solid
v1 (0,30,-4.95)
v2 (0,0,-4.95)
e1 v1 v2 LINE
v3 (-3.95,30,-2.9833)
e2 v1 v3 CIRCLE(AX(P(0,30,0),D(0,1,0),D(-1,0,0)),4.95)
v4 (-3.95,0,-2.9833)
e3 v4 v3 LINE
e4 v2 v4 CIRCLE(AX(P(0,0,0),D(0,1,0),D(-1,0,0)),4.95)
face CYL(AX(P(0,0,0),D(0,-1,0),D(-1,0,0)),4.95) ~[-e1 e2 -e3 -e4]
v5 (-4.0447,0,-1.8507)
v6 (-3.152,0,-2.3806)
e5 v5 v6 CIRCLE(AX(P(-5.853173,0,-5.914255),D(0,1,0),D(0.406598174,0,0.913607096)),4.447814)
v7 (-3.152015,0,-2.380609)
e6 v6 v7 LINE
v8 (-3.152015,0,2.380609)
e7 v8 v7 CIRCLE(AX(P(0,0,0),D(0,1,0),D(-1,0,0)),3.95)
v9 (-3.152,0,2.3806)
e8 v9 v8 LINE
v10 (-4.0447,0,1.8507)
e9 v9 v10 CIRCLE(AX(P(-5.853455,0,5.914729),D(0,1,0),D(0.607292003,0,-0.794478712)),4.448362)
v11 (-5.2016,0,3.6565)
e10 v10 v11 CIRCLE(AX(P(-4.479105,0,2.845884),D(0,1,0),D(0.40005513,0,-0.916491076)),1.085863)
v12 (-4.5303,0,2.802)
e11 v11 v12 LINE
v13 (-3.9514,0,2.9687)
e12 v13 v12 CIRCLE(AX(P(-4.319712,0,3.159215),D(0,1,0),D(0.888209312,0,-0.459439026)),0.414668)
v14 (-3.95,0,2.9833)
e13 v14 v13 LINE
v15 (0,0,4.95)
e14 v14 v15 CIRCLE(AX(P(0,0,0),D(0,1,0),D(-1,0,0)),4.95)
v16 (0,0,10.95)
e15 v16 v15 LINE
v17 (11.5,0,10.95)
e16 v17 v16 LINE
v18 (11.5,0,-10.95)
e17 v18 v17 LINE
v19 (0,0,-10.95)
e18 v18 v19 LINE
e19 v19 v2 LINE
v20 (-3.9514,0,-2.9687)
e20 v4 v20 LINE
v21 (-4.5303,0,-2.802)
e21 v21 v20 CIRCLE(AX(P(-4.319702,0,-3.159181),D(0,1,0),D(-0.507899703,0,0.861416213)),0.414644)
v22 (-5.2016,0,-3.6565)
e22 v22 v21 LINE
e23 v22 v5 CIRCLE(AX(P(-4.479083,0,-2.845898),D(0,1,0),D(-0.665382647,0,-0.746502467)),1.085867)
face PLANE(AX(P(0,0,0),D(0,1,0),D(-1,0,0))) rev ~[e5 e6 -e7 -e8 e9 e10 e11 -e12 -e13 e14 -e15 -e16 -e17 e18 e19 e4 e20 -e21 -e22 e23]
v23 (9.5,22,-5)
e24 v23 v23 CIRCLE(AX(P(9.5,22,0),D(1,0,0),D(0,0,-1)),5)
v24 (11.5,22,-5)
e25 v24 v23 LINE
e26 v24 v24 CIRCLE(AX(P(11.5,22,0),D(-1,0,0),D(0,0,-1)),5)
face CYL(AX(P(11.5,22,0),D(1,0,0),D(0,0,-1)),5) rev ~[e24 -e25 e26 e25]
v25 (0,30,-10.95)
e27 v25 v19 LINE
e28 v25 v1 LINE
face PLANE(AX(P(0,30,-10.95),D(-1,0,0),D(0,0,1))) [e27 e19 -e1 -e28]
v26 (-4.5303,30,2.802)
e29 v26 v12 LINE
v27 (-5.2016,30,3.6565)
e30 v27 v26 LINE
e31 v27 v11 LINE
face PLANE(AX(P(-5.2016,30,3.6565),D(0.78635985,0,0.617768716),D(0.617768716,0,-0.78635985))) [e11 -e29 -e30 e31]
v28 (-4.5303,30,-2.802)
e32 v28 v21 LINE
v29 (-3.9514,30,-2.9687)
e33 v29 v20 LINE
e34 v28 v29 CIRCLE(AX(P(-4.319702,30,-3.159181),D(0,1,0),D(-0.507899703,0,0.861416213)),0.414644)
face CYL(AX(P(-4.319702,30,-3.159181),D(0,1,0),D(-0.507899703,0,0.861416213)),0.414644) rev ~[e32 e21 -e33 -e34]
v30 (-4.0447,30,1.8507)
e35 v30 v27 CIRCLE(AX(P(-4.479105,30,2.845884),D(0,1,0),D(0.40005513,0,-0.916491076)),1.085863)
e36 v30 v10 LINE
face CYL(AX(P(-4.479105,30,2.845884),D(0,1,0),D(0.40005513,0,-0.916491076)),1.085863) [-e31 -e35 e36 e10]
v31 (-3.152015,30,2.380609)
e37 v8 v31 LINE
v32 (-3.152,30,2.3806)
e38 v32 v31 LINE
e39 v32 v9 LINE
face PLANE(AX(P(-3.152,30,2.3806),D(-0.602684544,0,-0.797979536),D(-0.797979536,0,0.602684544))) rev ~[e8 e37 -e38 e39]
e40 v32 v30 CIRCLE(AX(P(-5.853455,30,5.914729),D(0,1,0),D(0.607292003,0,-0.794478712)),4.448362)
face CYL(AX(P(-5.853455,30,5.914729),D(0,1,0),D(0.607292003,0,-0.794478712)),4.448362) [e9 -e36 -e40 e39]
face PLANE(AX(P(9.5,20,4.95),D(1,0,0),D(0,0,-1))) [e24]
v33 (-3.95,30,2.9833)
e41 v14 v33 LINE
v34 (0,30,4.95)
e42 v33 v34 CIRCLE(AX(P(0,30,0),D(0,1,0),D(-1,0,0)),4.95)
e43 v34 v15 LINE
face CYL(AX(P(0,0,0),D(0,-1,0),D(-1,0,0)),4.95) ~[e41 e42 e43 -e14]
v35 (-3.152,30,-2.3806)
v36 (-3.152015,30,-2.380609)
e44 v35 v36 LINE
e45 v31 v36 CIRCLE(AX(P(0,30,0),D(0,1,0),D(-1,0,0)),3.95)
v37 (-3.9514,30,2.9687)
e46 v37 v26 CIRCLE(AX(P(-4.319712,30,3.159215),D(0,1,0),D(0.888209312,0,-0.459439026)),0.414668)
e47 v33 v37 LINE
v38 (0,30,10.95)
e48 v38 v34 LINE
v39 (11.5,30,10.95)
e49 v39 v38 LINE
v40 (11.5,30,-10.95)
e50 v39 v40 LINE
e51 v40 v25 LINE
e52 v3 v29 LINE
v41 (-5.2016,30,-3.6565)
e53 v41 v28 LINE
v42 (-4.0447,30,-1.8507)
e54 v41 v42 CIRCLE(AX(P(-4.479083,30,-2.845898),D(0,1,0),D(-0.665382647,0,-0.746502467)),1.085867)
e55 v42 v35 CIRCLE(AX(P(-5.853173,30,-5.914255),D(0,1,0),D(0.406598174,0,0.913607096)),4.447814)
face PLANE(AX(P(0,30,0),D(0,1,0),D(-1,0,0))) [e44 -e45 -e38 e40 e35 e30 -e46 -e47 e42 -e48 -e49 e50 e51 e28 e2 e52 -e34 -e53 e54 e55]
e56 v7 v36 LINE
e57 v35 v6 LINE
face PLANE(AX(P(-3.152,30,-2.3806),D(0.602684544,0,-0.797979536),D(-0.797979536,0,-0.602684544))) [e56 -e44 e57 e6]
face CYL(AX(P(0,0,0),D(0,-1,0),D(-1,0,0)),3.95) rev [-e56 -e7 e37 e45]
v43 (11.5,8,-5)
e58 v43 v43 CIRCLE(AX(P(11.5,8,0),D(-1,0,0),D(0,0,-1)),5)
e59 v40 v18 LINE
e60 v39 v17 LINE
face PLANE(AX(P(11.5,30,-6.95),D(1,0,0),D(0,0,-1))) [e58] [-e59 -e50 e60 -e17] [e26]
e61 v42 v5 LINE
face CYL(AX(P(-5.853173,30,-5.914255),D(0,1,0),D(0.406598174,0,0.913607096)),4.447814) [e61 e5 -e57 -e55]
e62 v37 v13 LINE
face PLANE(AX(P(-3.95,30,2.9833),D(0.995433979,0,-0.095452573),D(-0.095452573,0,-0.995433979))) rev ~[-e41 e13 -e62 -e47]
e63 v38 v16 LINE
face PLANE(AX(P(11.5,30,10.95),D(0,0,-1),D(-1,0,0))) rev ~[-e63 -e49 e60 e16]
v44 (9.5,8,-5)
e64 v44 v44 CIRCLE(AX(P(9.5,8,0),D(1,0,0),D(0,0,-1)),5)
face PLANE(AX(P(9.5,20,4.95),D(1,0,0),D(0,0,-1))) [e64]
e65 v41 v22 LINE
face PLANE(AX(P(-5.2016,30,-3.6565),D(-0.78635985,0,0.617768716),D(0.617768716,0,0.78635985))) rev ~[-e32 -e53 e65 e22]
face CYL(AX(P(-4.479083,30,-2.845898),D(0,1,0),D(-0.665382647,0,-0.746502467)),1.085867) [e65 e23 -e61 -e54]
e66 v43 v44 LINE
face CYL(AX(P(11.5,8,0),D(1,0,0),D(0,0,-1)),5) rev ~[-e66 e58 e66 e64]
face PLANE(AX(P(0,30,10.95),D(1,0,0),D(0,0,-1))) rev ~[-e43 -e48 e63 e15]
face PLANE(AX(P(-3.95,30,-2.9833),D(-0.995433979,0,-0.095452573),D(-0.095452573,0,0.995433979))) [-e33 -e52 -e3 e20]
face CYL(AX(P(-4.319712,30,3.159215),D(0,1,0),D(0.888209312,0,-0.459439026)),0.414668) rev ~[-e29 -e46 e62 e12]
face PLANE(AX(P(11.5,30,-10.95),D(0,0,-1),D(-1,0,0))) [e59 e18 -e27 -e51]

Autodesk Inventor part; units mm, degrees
ref_plane "YZ Plane" through (0, 0, 0) normal (1, 0, 0) x (0, 1, 0)
ref_plane "XZ Plane" through (0, 0, 0) normal (0, 1, 0) x (-1, 0, 0)
sketch "Эскиз1" plane through (0, 0, 0) normal (0, 1, 0) x (-1, 0, 0)
  circle A0 centre (0, 0) radius 3.95
  circle A1 centre (0, 0) radius 4.95
  line L0 (0, 0) -> (3.95, 2.9833)
  line L1 (0, 0) -> (3.95, -2.9833)
  point P0 (3.152, -2.3806)
  point P1 (3.152, 2.3806)
  dimension "d0" = 7.9
  dimension "d1" = 9.9
extrude "Выдавливание1" add sketch "Эскиз1" along normal blind 30 contours A0 L1 A1 L0 picked at (3.1693, 3.3115)
sketch "Эскиз2" plane through (0, 30, 0) normal (0, 1, 0) x (1, 0, 0)
  arc A0 (-3.152, -2.3806) -> (-4.0447, -1.8507) centre (-5.8533, -5.9145) ccw
  arc A1 (-4.0447, -1.8507) -> (-5.2016, -3.6565) centre (-4.4791, -2.8459) ccw
  line L0 (-5.2016, -3.6565) -> (-4.5303, -2.802)
  arc A2 (-3.9514, -2.9687) -> (-4.5303, -2.802) centre (-4.3197, -3.1592) ccw
  line L1 (0, 0) -> (-3.2711, 0)
  arc A3 (-4.0447, 1.8507) -> (-3.152, 2.3806) centre (-5.8533, 5.9145) ccw
  arc A4 (-5.2016, 3.6565) -> (-4.0447, 1.8507) centre (-4.4791, 2.8459) ccw
  line L2 (-5.2016, 3.6565) -> (-4.5303, 2.802)
  arc A5 (-4.5303, 2.802) -> (-3.9514, 2.9687) centre (-4.3197, 3.1592) ccw
  line L3 (-3.152, -2.3806) -> (-3.95, -2.9833) projected
  line L4 (-3.95, -2.9833) -> (-3.152, -2.3806)
  line L5 (-3.95, -2.9833) -> (-3.9514, -2.9687)
  line L6 (-3.152, 2.3806) -> (-3.95, 2.9833)
  line L7 (-3.95, 2.9833) -> (-3.9514, 2.9687)
extrude "Выдавливание2" add sketch "Эскиз2" against normal blind 30
sketch "Эскиз3" plane through (0, 30, 0) normal (0, 1, 0) x (1, 0, 0)
  arc A0 (-3.95, -2.9833) -> (-3.95, 2.9833) centre (0, 0) ccw projected
  line L0 (11.5, -6.95) -> (11.5, 6.95)
  arc A1 (-3.152, -2.3806) -> (-3.152, 2.3806) centre (0, 0) ccw projected
  arc A2 (0, -3.95) -> (0, 3.95) centre (0, 0) ccw
  line L1 (0, -4.95) -> (0, -3.95)
  line L2 (0, 3.95) -> (0, 4.95)
  line L3 (11.5, 6.95) -> (11.5, 10.95)
  line L4 (11.5, -6.95) -> (11.5, -10.95)
  line L5 (11.5, 10.95) -> (0, 10.95)
  line L6 (0, 10.95) -> (0, 4.95)
  line L7 (11.5, -10.95) -> (0, -10.95)
  line L8 (0, -10.95) -> (0, -4.95)
  dimension "d13" = 4
  dimension "d14" = 4
  dimension "d21" = 11.5
  dimension "d22" = 21.9
  dimension "d23" = 7
extrude "Выдавливание3" add sketch "Эскиз3" against normal blind 30 contours A0 L6 L5 L3 L0 L4 L7 L8
sketch "Эскиз4" plane through (11.5, 20, 4.95) normal (1, 0, 0) x (0, 0, -1)
  line L0 (4.95, -20) -> (4.95, 10)
  line L1 (1, 10) -> (8.9, 10) projected
  circle A0 centre (4.95, -12) radius 5
  line L2 (15.9, -20) -> (-6, -20) projected
  circle A1 centre (4.95, 2) radius 5
  line L3 (-6, 10) -> (15.9, 10) projected
  point P0 (7.3306, 10)
  point P1 (2.5694, 10)
  point P2 (4.95, -20)
  point P3 (4.95, 10)
  dimension "d15" = 10
  dimension "d16" = 8
  dimension "d17" = 10
  dimension "d18" = 8
extrude "Выдавливание4" cut sketch "Эскиз4" against normal blind 2
properties part number "крепление маркера 8мм"
